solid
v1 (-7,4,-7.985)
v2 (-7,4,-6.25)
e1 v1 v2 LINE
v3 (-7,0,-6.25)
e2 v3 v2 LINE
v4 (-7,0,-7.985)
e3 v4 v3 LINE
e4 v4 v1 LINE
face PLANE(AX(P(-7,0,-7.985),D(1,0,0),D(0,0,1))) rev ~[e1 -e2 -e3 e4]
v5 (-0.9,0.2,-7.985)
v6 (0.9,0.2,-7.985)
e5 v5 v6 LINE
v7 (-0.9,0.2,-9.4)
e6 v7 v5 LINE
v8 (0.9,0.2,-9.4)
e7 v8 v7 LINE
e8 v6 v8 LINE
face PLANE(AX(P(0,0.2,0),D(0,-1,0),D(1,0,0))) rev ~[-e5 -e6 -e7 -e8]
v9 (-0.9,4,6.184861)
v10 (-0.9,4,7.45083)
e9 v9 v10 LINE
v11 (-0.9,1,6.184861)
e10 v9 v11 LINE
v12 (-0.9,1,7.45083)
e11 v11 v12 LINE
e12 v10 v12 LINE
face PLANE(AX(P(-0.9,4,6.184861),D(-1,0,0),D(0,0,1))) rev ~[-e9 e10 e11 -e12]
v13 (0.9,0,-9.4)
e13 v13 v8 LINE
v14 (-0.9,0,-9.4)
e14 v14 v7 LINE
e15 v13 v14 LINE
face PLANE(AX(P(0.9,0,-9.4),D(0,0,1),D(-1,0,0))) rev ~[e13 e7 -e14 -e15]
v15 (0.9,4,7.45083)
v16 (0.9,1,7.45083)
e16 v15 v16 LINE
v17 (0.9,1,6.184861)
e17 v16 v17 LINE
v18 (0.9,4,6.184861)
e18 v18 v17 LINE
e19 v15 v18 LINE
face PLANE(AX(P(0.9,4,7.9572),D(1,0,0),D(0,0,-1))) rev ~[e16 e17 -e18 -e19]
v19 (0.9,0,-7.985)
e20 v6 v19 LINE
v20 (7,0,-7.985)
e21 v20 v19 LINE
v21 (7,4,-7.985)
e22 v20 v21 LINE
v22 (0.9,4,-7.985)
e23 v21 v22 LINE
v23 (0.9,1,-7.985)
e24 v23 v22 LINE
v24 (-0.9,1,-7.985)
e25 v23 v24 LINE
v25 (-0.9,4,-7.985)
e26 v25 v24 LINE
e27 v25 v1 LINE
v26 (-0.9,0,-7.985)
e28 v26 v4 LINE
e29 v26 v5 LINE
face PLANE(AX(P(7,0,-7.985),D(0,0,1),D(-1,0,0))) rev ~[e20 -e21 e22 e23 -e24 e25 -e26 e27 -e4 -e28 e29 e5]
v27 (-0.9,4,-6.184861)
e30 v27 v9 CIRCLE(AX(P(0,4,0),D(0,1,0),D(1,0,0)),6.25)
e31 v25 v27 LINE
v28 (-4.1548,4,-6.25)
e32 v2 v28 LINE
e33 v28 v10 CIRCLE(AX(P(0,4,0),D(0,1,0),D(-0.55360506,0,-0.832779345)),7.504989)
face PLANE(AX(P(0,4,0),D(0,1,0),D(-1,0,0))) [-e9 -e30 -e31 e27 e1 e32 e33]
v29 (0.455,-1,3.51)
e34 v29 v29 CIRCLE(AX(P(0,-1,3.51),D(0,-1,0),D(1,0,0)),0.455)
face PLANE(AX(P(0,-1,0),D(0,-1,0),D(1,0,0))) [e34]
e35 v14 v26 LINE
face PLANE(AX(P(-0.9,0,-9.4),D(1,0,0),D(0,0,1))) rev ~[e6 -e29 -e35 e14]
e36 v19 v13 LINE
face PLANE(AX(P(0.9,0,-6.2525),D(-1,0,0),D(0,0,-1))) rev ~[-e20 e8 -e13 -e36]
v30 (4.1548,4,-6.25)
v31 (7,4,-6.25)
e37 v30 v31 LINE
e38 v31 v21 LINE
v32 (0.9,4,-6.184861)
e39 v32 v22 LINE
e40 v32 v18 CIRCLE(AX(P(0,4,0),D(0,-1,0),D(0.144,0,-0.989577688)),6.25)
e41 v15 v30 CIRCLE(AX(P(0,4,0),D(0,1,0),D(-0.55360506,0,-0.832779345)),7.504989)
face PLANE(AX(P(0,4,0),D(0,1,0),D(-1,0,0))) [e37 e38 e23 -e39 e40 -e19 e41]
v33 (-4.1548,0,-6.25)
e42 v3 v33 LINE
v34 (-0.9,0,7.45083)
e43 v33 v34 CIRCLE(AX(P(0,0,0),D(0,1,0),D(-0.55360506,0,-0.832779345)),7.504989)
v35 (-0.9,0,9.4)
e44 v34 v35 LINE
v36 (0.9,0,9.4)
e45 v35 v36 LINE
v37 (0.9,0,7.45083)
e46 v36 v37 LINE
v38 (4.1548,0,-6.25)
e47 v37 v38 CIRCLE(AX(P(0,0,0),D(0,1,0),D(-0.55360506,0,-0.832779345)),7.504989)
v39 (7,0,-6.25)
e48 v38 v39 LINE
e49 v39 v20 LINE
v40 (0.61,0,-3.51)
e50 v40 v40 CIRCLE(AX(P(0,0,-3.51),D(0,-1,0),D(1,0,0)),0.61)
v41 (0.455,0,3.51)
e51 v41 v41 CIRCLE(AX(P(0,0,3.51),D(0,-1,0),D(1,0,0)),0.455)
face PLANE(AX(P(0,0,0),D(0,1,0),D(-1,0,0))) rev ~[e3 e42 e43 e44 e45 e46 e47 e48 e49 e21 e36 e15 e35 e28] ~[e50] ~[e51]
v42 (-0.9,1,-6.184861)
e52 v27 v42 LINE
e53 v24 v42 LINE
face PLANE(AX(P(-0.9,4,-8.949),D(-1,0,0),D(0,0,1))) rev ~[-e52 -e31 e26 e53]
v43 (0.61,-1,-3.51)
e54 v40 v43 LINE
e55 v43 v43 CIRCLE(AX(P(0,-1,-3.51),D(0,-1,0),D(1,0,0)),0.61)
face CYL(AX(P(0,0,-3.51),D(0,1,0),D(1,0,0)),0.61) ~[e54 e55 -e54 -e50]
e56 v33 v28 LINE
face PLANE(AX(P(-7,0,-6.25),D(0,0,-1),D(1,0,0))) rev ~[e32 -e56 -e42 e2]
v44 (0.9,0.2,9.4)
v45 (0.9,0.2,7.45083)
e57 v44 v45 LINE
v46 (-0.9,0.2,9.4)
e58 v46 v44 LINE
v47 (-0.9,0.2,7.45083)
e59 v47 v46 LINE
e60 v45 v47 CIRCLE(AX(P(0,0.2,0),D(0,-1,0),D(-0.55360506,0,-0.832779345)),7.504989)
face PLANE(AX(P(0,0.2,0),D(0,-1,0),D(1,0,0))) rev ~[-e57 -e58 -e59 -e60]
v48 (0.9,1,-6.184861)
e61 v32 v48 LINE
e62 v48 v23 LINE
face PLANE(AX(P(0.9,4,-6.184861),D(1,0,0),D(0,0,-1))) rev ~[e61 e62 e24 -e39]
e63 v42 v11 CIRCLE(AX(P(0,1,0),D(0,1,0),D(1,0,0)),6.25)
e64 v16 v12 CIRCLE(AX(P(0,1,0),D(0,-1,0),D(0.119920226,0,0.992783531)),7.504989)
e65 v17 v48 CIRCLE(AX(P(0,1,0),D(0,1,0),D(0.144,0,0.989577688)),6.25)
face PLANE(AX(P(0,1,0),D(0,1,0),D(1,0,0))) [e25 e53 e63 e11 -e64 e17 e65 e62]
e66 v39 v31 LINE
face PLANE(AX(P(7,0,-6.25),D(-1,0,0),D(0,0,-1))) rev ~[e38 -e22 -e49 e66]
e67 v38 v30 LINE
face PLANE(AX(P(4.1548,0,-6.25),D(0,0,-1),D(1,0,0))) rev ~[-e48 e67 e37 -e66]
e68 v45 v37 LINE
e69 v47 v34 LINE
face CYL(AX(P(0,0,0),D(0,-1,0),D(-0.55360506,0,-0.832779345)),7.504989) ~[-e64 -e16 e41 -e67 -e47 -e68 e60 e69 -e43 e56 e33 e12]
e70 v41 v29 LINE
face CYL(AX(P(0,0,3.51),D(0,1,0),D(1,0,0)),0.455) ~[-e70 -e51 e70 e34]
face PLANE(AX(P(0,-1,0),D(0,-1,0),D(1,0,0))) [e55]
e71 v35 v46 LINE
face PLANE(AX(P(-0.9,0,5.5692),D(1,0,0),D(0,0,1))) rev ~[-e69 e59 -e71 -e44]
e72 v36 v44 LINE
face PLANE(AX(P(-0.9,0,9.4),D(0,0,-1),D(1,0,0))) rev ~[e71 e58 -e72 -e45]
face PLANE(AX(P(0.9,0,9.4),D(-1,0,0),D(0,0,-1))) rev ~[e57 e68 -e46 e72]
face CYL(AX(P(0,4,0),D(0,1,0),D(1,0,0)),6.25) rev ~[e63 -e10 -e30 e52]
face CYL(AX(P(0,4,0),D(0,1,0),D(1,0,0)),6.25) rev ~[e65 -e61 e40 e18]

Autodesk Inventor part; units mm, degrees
ref_plane "YZ Plane" through (0, 0, 0) normal (1, 0, 0) x (0, 1, 0)
ref_plane "XZ Plane" through (0, 0, 0) normal (0, 1, 0) x (-1, 0, 0)
ref_plane "XY Plane" through (0, 0, 0) normal (0, 0, 1) x (1, 0, 0)
sketch "Sketch1" plane through (0, 0, 0) normal (0, 1, 0) x (-1, 0, 0)
  arc A0 (4.1548, -6.25) -> (-4.1548, -6.25) centre (0, 0) ccw
  circle A1 centre (0, 0) radius 6.25 construction
  line L0 (-7, -6.25) -> (-7, -7.985)
  line L1 (-7, -7.985) -> (7, -7.985)
  line L2 (7, -7.985) -> (7, -6.25)
  line L3 (0, 7.505) -> (-2.894, 7.505)
  line L4 (7, -6.25) -> (4.1548, -6.25)
  line L5 (-4.1548, -6.25) -> (-7, -6.25)
  dimension "d0" = 15.01
  dimension "d1" = 12.5
  dimension "d2" = 15.49
  dimension "d4" = 14
  dimension "d5" = 7
extrude "Extrusion1" add sketch "Sketch1" along normal blind 4
sketch "Sketch2" plane through (0, 4, 0) normal (0, 1, 0) x (1, 0, 0)
  circle A0 centre (0, 0) radius 6.25
  line L0 (-0.9, -7.9572) -> (0.9, -7.9572)
  line L1 (0.9, -7.9572) -> (0.9, 8.949)
  line L2 (0.9, 8.949) -> (-0.9, 8.949)
  line L3 (-0.9, 8.949) -> (-0.9, -7.9572)
  dimension "d8" = 12.5
  dimension "d11" = 1.8
  dimension "d12" = 0.9
extrude "Extrusion2" cut sketch "Sketch2" against normal blind 3
sketch "Sketch3" plane through (0, 0, 0) normal (0, -1, 0) x (1, 0, 0)
  line L0 (0.9, 5.5692) -> (-0.9, 5.5692)
  line L1 (-0.9, 5.5692) -> (-0.9, 9.4)
  line L2 (-0.9, 9.4) -> (0.9, 9.4)
  line L3 (0.9, 9.4) -> (0.9, 5.5692)
  line L4 (-0.9, -6.2525) -> (0.9, -6.2525)
  line L5 (0.9, -6.2525) -> (0.9, -9.4)
  line L6 (0.9, -9.4) -> (-0.9, -9.4)
  line L7 (-0.9, -9.4) -> (-0.9, -6.2525)
  point P0 (0, 0)
  dimension "d13" = 1.8
  dimension "d14" = 1.8
  dimension "d15" = 0.9
  dimension "d16" = 0.9
  dimension "d17" = 18.8
  dimension "d18" = 9.4
extrude "Extrusion3" add sketch "Sketch3" against normal blind 0.2
sketch "Sketch4" plane through (0, 0, 0) normal (0, -1, 0) x (1, 0, 0)
  circle A0 centre (0, -3.51) radius 0.61
  circle A1 centre (0, 3.51) radius 0.455
  point P0 (0, 0)
  dimension "d21" = 3.51
  dimension "d22" = 3.51
  dimension "d23" = 1.22
  dimension "d24" = 0.91
extrude "Extrusion4" add sketch "Sketch4" along normal blind 1
properties part number "Keystone1056_12_5mmCoinCell"
